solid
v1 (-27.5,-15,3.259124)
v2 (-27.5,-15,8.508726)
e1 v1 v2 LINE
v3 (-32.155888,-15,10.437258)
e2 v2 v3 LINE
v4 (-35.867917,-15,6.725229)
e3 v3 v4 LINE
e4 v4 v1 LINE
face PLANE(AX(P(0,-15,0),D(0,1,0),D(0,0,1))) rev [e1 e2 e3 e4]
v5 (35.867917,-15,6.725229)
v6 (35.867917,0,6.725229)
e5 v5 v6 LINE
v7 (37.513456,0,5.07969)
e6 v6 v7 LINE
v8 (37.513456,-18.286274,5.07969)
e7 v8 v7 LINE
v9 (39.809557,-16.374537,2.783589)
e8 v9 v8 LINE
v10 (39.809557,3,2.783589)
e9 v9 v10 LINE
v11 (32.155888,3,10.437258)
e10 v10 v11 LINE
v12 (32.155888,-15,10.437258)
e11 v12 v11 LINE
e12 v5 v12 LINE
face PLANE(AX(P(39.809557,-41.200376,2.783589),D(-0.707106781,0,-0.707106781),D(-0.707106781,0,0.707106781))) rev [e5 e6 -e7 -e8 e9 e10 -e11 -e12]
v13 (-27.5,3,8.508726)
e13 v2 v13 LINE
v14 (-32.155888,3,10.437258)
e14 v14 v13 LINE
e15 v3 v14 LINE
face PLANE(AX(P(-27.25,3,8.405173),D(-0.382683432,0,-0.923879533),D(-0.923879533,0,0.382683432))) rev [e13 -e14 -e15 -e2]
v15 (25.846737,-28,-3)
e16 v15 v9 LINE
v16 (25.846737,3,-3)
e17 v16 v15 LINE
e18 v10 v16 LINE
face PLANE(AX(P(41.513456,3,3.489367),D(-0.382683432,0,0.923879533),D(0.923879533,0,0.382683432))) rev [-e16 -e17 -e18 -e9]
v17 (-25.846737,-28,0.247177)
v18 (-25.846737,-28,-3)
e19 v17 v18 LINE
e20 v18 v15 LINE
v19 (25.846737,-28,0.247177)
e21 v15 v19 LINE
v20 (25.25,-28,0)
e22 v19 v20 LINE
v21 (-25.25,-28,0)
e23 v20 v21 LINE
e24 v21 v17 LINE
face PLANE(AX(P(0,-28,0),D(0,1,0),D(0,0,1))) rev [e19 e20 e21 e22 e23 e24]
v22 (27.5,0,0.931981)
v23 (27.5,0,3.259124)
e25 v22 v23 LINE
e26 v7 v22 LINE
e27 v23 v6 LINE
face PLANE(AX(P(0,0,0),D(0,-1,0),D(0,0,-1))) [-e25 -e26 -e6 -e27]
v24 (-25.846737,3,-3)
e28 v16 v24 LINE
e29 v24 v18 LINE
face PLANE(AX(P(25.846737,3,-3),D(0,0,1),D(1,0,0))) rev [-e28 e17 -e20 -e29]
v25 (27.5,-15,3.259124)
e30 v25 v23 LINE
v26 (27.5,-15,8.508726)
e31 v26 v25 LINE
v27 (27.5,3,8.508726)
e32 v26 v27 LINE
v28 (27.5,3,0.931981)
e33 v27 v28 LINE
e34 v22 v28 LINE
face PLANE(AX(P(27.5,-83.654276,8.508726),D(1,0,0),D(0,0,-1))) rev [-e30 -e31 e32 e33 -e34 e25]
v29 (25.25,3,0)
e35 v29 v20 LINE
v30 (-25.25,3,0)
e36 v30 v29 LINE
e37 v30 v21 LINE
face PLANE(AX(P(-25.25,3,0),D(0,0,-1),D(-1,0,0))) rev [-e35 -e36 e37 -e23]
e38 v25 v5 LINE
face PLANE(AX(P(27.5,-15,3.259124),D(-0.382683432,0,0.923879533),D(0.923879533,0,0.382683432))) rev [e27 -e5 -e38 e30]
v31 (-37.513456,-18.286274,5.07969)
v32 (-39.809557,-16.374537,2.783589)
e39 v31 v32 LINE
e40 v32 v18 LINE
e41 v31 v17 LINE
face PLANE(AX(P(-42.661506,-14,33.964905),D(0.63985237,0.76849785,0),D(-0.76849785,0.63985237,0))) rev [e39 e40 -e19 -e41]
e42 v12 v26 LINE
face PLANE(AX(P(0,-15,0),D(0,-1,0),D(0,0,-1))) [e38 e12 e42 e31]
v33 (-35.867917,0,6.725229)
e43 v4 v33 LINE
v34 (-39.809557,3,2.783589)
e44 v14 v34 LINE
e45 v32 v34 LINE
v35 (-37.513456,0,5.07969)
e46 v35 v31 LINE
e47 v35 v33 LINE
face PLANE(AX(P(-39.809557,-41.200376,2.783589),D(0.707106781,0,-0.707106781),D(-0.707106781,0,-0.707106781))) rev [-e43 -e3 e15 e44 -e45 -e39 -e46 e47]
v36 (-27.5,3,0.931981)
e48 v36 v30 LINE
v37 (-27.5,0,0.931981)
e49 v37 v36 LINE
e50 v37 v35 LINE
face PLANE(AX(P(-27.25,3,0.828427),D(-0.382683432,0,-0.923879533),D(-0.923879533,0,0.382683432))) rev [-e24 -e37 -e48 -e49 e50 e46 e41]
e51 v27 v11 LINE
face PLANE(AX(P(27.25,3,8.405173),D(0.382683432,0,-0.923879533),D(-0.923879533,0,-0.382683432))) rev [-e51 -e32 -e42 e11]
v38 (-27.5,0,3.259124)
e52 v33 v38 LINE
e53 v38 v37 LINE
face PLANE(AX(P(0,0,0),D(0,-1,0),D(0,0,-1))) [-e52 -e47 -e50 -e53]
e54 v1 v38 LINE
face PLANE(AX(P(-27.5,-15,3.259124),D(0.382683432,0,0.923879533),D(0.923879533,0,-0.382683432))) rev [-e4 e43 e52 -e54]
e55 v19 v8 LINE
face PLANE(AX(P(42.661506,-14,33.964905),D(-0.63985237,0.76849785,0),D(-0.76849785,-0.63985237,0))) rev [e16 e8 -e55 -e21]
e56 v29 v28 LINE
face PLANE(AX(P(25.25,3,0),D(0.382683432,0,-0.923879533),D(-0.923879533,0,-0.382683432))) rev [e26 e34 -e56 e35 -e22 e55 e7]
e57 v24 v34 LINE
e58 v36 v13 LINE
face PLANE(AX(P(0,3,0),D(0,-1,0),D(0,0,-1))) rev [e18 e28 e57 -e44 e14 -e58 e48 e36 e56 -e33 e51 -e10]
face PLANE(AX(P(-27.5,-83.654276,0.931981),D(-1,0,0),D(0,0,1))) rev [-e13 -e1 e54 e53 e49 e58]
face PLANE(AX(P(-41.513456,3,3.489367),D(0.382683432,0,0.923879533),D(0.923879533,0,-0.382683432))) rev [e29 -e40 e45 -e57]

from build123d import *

# Parameters (mm, degrees)
BOSS_EXTRUDE1_DEPTH = 3
BOSS_EXTRUDE2_DEPTH = 28
CUT_EXTRUDE1_DEPTH  = 30
CUT_EXTRUDE2_DEPTH  = 30
CUT_EXTRUDE3_REACH  = 55.204
CUT_EXTRUDE4_DEPTH  = 31
BOSS_EXTRUDE3_DEPTH = 15


with BuildPart() as part:
    # Sketch2 → Boss-Extrude1 (new body)
    with BuildSketch(Plane(origin=(0, 0, 0), x_dir=(1, 0, 0), z_dir=(0, 1, 0))):
        Polygon((-27.25, -8.405172527), (-27.25, -0.828427125), (-25.25, 0), (25.25, 0), (27.25, -0.828427125), (27.25, -8.405172527), (36.155887914, -12.094112086), (41.513455967, -6.736544033), (41.513455967, -3.489367432), (25.846737102, 3), (-25.846737102, 3), (-41.513455967, -3.489367432), (-41.513455967, -6.736544033), (-36.155887914, -12.094112086), align=None)
    extrude(amount=BOSS_EXTRUDE1_DEPTH)

    # Sketch3 → Boss-Extrude2 (add)
    with BuildSketch(Plane.XZ):
        Polygon((-41.513455967, 6.736544033), (-25.25, 0), (25.25, 0), (41.513455967, 6.736544033), (41.513455967, 3.489367432), (25.846737102, -3), (-25.846737102, -3), (-41.513455967, 3.489367432), align=None)
    extrude(amount=BOSS_EXTRUDE2_DEPTH)

    # Sketch4 → Cut-Extrude1 (cut, along a direction that is not the sketch's normal)
    with BuildSketch(Plane(origin=(-4.845827185, 0, -11.69886171), x_dir=(-0.9238795325112868, 0, 0.38268343236508967), z_dir=(-0.3826834323650896, 0, -0.9238795325112867))):
        Polygon((40.931396085, -14), (22.731221094, -28), (40.931396085, -28), align=None)
    extrude(amount=-CUT_EXTRUDE1_DEPTH, dir=(0, 0, -1), mode=Mode.SUBTRACT)

    # Sketch5 → Cut-Extrude2 (cut, along a direction that is not the sketch's normal)
    with BuildSketch(Plane(origin=(4.845827185, 0, -11.69886171), x_dir=(-0.923879532511309, 0, -0.3826834323650361), z_dir=(0.38268343236503605, 0, -0.9238795325113089))):
        Polygon((-40.931396085, -14), (-22.731221094, -28), (-40.931396085, -28), align=None)
    extrude(amount=-CUT_EXTRUDE2_DEPTH, dir=(0, 0, -1), mode=Mode.SUBTRACT)

    # Cut-Extrude3: up to this face of the body (flat: up to its plane)
    cut_extrude3_end = Plane(part.part.faces().sort_by_distance((0, -28, -1.498496392))[0])
    # Sketch6 → Cut-Extrude3 (cut, up to the picked face)
    with BuildSketch(Plane(origin=(0, 3, 0), x_dir=(1, 0, 0), z_dir=(0, 1, 0)), mode=Mode.PRIVATE) as cut_extrude3_sk1:
        Polygon((-39.809556561, -2.783589189), (-32.155887914, -10.437257836), (-36.155887914, -12.094112086), (-41.513455967, -6.736544033), (-41.513455967, -3.489367432), align=None)
    cut_extrude3_tool1 = split(extrude(cut_extrude3_sk1.sketch, amount=-CUT_EXTRUDE3_REACH, mode=Mode.PRIVATE), bisect_by=cut_extrude3_end, keep=Keep.BOTH, mode=Mode.PRIVATE)
    # Sketch6 → Cut-Extrude3 (cut, up to the picked face)
    with BuildSketch(Plane(origin=(0, 3, 0), x_dir=(1, 0, 0), z_dir=(0, 1, 0)), mode=Mode.PRIVATE) as cut_extrude3_sk2:
        Polygon((39.809556561, -2.783589189), (32.155887914, -10.437257836), (36.155887914, -12.094112086), (41.513455967, -6.736544033), (41.513455967, -3.489367432), align=None)
    cut_extrude3_tool2 = split(extrude(cut_extrude3_sk2.sketch, amount=-CUT_EXTRUDE3_REACH, mode=Mode.PRIVATE), bisect_by=cut_extrude3_end, keep=Keep.BOTH, mode=Mode.PRIVATE)
    add(cut_extrude3_tool1.solids().sort_by(Axis((-37.57796, 3, 7.679108), (0, -1, 0)))[0], mode=Mode.SUBTRACT)
    add(cut_extrude3_tool2.solids().sort_by(Axis((37.57796, 3, 7.679108), (0, -1, 0)))[0], mode=Mode.SUBTRACT)

    # Sketch7 → Cut-Extrude4 (cut)
    with BuildSketch(Plane(origin=(0, 3, 0), x_dir=(1, 0, 0), z_dir=(0, 1, 0))):
        Polygon((-25.25, 0), (-27.5, -0.931980515), (-27.5, -8.508725917), (27.5, -8.508725917), (27.5, -0.931980515), (25.25, 0), align=None)
    extrude(amount=-CUT_EXTRUDE4_DEPTH, mode=Mode.SUBTRACT)

    # Sketch8 → Boss-Extrude3 (add)
    with BuildSketch(Plane.XZ):
        Polygon((-32.155887914, 10.437257836), (-27.5, 8.508725917), (-27.5, 3.259123746), (-35.867917208, 6.725228542), align=None)
        Polygon((27.5, 3.259123746), (35.867917208, 6.725228542), (32.155887914, 10.437257836), (27.5, 8.508725917), align=None)
    extrude(amount=BOSS_EXTRUDE3_DEPTH)


solid = part.part
